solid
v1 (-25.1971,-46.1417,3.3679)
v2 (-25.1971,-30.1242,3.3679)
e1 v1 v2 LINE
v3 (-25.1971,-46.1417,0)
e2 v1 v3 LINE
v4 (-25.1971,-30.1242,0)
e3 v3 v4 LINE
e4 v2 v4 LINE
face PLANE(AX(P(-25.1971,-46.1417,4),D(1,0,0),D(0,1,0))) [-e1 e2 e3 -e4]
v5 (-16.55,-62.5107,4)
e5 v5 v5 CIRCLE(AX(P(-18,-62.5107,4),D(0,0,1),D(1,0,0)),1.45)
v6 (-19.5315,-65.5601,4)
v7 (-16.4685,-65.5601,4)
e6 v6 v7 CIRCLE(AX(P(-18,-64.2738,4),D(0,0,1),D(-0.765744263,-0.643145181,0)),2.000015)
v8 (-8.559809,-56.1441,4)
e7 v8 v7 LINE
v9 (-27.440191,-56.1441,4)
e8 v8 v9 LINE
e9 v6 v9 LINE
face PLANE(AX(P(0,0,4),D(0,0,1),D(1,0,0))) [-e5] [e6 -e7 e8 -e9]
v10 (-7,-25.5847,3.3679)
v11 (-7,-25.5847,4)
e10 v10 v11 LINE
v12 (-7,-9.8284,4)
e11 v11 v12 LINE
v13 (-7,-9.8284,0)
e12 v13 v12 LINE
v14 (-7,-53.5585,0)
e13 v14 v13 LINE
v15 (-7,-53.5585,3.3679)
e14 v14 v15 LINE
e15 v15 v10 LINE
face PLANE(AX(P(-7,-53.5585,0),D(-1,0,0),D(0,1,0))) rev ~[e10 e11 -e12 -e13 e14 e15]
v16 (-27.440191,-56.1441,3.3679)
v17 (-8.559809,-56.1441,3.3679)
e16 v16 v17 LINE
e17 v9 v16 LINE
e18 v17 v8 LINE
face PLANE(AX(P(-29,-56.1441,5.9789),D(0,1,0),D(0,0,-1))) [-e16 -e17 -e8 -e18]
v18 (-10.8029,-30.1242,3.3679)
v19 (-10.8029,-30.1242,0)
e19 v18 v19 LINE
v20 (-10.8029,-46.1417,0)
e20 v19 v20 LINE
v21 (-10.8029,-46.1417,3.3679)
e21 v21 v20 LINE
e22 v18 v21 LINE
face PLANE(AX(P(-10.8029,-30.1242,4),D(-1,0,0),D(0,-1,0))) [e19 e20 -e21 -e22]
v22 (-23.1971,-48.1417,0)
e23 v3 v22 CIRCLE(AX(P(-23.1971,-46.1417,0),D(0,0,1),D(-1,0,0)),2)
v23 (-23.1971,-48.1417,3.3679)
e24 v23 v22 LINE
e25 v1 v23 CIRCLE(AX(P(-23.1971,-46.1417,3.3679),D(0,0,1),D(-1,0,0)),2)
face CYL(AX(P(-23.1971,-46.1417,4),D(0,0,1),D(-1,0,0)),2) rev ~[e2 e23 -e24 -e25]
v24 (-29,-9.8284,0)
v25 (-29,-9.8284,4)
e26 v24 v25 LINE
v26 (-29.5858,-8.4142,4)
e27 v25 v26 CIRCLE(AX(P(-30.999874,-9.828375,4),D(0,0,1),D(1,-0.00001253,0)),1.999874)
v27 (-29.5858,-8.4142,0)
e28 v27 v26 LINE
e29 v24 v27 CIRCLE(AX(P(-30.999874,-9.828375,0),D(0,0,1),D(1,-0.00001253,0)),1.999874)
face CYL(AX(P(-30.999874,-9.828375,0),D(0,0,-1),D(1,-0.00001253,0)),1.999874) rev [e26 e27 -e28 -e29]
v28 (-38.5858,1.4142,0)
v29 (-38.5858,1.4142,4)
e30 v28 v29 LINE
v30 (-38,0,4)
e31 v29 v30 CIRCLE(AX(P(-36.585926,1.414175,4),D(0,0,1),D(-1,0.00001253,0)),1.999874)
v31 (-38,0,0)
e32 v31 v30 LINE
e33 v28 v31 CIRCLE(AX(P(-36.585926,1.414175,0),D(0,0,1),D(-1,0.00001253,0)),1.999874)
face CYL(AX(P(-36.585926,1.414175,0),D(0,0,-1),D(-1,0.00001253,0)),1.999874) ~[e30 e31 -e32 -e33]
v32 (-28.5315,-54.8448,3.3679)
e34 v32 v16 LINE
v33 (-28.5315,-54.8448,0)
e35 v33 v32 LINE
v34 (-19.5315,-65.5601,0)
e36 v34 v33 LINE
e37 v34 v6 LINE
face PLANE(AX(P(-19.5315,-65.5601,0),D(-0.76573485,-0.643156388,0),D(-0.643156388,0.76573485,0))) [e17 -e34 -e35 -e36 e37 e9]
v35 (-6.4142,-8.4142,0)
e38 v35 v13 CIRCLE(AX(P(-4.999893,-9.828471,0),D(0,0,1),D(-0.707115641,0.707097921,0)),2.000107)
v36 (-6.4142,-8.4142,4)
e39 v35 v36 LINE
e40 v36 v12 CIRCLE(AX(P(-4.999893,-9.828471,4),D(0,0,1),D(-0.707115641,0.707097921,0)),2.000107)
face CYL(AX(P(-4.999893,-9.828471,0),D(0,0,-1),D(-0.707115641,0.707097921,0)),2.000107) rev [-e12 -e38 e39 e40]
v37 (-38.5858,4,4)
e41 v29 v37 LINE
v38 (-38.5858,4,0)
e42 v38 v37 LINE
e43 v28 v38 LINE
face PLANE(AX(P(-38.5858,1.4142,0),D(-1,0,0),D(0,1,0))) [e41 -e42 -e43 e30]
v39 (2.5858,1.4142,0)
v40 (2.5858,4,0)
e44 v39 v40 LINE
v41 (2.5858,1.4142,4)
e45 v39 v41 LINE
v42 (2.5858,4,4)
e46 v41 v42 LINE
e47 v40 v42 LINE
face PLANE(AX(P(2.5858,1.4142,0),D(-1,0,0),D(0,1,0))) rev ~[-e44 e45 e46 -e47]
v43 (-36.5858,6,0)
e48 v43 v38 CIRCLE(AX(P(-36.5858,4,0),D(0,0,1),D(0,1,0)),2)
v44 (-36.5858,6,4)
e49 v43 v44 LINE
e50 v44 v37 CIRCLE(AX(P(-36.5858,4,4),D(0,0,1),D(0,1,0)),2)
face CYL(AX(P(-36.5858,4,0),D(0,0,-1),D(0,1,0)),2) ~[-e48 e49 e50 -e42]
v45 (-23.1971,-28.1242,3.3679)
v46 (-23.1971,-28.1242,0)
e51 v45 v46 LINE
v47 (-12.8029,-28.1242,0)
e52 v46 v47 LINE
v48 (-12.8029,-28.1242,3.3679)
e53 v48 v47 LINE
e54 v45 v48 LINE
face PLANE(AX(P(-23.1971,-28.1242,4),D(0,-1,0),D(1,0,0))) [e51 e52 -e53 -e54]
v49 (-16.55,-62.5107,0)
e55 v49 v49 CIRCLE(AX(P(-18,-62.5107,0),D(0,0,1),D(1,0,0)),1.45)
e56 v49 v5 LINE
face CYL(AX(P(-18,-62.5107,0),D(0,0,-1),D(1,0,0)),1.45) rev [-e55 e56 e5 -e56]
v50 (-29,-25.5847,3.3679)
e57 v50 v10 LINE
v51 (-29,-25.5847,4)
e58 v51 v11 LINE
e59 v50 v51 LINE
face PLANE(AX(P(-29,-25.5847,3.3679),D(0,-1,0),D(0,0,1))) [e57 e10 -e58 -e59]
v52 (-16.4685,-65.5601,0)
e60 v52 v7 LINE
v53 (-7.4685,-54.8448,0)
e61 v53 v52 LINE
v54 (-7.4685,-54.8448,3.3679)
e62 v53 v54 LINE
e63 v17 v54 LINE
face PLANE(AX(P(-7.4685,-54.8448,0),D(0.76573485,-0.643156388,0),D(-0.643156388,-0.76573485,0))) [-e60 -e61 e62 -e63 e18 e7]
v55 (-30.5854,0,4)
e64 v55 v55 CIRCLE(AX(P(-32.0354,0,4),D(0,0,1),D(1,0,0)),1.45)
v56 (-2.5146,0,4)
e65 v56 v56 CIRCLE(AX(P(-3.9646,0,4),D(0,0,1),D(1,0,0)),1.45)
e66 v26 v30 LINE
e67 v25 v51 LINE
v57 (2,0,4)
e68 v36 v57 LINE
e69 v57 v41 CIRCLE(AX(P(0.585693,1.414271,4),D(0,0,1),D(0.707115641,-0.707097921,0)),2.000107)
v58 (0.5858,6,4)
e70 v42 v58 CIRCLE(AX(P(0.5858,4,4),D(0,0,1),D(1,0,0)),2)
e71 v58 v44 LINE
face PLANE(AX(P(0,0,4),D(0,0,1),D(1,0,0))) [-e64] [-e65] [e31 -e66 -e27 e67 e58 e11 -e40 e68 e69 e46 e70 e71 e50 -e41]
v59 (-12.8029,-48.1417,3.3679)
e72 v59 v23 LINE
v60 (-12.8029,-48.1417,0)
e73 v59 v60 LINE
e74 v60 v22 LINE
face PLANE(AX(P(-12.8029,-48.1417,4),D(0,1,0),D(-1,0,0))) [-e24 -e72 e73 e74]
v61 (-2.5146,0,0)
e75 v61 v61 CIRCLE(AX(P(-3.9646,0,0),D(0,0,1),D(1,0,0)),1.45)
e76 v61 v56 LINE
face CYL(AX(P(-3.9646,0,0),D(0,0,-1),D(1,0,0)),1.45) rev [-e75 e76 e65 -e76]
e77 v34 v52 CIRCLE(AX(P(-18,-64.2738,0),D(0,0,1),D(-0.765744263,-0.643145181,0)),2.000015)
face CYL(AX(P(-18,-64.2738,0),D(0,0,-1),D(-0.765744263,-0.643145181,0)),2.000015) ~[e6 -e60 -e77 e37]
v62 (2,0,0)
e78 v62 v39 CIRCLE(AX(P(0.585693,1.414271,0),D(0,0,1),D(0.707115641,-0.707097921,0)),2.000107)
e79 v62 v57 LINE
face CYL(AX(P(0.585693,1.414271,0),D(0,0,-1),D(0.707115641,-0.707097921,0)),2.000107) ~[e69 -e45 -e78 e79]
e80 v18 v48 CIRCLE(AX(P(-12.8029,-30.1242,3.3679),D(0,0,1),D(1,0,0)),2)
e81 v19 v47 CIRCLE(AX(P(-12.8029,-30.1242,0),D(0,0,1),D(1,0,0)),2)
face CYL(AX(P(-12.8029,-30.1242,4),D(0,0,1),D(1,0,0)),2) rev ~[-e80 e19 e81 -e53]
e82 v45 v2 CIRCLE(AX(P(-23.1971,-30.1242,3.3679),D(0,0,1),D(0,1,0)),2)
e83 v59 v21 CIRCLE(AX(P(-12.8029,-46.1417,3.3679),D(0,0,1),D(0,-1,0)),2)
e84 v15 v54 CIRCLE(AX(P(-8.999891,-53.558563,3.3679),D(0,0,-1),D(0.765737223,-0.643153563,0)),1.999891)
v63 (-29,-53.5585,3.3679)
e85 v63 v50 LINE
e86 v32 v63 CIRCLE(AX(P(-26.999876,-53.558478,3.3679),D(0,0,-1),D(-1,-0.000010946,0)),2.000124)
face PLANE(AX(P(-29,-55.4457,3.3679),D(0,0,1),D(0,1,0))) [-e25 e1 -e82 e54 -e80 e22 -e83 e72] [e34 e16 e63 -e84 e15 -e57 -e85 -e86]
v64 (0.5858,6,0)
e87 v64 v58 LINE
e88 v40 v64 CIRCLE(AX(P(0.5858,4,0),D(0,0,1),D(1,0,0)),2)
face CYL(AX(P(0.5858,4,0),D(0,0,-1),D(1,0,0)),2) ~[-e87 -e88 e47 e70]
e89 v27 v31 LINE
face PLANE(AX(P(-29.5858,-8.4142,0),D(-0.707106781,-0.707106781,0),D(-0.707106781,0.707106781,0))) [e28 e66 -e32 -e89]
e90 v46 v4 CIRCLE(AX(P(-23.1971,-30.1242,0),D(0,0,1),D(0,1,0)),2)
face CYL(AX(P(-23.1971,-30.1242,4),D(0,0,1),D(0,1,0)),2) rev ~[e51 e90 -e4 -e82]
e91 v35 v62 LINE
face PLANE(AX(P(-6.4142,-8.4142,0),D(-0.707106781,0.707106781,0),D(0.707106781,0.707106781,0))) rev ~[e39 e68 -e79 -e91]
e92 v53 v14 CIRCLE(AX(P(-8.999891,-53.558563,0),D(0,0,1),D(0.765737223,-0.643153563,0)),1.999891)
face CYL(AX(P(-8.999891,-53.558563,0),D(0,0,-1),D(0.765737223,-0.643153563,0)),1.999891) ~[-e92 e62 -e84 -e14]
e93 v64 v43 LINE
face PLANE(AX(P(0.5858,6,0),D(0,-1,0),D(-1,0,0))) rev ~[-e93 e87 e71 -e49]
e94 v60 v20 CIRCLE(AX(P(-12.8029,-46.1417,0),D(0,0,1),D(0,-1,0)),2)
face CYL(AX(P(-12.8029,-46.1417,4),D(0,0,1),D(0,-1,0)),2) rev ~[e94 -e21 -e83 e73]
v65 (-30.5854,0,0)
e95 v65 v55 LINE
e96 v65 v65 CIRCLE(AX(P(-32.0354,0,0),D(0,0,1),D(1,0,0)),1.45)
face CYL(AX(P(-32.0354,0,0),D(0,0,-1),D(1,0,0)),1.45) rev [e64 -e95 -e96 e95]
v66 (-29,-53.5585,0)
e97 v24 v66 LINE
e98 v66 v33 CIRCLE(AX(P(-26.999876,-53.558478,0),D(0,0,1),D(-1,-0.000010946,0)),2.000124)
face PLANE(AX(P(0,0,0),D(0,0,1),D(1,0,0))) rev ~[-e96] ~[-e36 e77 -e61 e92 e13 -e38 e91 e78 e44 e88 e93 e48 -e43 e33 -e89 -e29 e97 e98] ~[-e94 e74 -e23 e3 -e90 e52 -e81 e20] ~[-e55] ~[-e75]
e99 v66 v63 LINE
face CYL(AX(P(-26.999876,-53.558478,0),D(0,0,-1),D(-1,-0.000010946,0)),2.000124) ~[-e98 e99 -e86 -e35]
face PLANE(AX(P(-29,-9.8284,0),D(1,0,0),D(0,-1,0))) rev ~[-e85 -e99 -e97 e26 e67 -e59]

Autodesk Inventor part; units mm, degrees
ref_plane "YZ Plane" through (0, 0, 0) normal (1, 0, 0) x (0, 1, 0)
ref_plane "XZ Plane" through (0, 0, 0) normal (0, 1, 0) x (-1, 0, 0)
ref_plane "XY Plane" through (0, 0, 0) normal (0, 0, 1) x (1, 0, 0)
ref_plane "Work Plane1" through (0, 0, 0) normal (0, 0, 1) x (1, 0, 0)
sketch "Sketch1" plane through (0, 0, 0) normal (0, 0, 1) x (1, 0, 0)
  circle A0 centre (-18, 0) radius 2.45 construction
  circle A1 centre (-32.0354, 0) radius 2.45 construction
  circle A2 centre (-48, 0) radius 3.05 construction
  line L0 (18, 6) -> (-54, 6) construction
  line L1 (-54, -6) -> (-54, 6) construction
  line L2 (-54, -6) -> (18, -6) construction
  line L3 (18, -6) -> (18, 6) construction
  circle A3 centre (12, 0) radius 3.05 construction
  circle A4 centre (-3.9646, 0) radius 2.45 construction
  circle A5 centre (-18, -62.5107) radius 2.45 construction
  circle A6 centre (-3.9646, -62.1646) radius 2.45 construction
  circle A7 centre (12, -70) radius 3.05 construction
  line L4 (-32.0354, -67.7344) -> (-3.9646, -67.7344) construction
  line L5 (-3.9646, -67.7344) -> (14.2856, -76.6915) construction
  line L6 (14.2856, -76.6915) -> (18.6915, -67.7144) construction
  line L7 (18.6915, -67.7144) -> (-2.5545, -57.2869) construction
  line L8 (-33.4455, -57.2869) -> (-2.5545, -57.2869) construction
  line L9 (-54.6915, -67.7144) -> (-33.4455, -57.2869) construction
  line L10 (-50.2856, -76.6915) -> (-54.6915, -67.7144) construction
  line L11 (-32.0354, -67.7344) -> (-50.2856, -76.6915) construction
  circle A8 centre (-48, -70) radius 3.05 construction
  circle A9 centre (-32.0354, -62.1646) radius 2.45 construction
  line L12 (-30, -24.7225) -> (-6, -24.7225) construction
  line L13 (-6, -24.7225) -> (-6, -18.4525) construction
  line L14 (-6, -18.4525) -> (-30, -18.4525) construction
  line L15 (-30, -18.4525) -> (-30, -24.7225) construction
  line L16 (-6, -33.7225) -> (-11.7463, -33.7225) construction
  line L17 (-6, -33.34) -> (-6, -33.7225) construction
  line L18 (-6, -33.34) -> (-11.7042, -33.34) construction
  line L19 (-6, -32.95) -> (-6, -33.34) construction
  line L20 (-6, -32.95) -> (-11.6853, -32.95) construction
  line L21 (-6, -32.56) -> (-6, -32.95) construction
  line L22 (-6, -32.56) -> (-11.6906, -32.56) construction
  line L23 (-6, -32.17) -> (-6, -32.56) construction
  line L24 (-6, -32.17) -> (-11.72, -32.17) construction
  line L25 (-6, -31.78) -> (-6, -32.17) construction
  line L26 (-6, -31.78) -> (-11.7739, -31.78) construction
  line L27 (-6, -31.39) -> (-6, -31.78) construction
  line L28 (-6, -31.39) -> (-11.8531, -31.39) construction
  line L29 (-6, -31) -> (-6, -31.39) construction
  line L30 (-6, -31) -> (-11.9583, -31) construction
  line L31 (-6, -30.61) -> (-6, -31) construction
  line L32 (-6, -30.61) -> (-12.0912, -30.61) construction
  line L33 (-6, -30.22) -> (-6, -30.61) construction
  line L34 (-6, -30.22) -> (-12.2534, -30.22) construction
  line L35 (-6, -29.83) -> (-6, -30.22) construction
  line L36 (-6, -29.83) -> (-12.4478, -29.83) construction
  line L37 (-6, -29.44) -> (-6, -29.83) construction
  line L38 (-6, -29.44) -> (-12.6777, -29.44) construction
  line L39 (-6, -29.05) -> (-6, -29.44) construction
  line L40 (-6, -29.05) -> (-12.948, -29.05) construction
  line L41 (-6, -28.66) -> (-6, -29.05) construction
  line L42 (-6, -28.66) -> (-13.2656, -28.66) construction
  line L43 (-6, -24.7225) -> (-6, -28.66) construction
  line L44 (-30, -24.7225) -> (-6, -24.7225) construction
  line L45 (-30, -28.66) -> (-30, -24.7225) construction
  line L46 (-22.7344, -28.66) -> (-30, -28.66) construction
  line L47 (-30, -29.05) -> (-30, -28.66) construction
  line L48 (-23.052, -29.05) -> (-30, -29.05) construction
  line L49 (-30, -29.44) -> (-30, -29.05) construction
  line L50 (-23.3223, -29.44) -> (-30, -29.44) construction
  line L51 (-30, -29.83) -> (-30, -29.44) construction
  line L52 (-23.5522, -29.83) -> (-30, -29.83) construction
  line L53 (-30, -30.22) -> (-30, -29.83) construction
  line L54 (-23.7466, -30.22) -> (-30, -30.22) construction
  line L55 (-30, -30.61) -> (-30, -30.22) construction
  line L56 (-23.9088, -30.61) -> (-30, -30.61) construction
  line L57 (-30, -31) -> (-30, -30.61) construction
  line L58 (-24.0417, -31) -> (-30, -31) construction
  line L59 (-30, -31.39) -> (-30, -31) construction
  line L60 (-24.1469, -31.39) -> (-30, -31.39) construction
  line L61 (-30, -31.78) -> (-30, -31.39) construction
  line L62 (-24.2261, -31.78) -> (-30, -31.78) construction
  line L63 (-30, -32.17) -> (-30, -31.78) construction
  line L64 (-24.28, -32.17) -> (-30, -32.17) construction
  line L65 (-30, -32.56) -> (-30, -32.17) construction
  line L66 (-24.3094, -32.56) -> (-30, -32.56) construction
  line L67 (-30, -32.95) -> (-30, -32.56) construction
  line L68 (-24.3147, -32.95) -> (-30, -32.95) construction
  line L69 (-30, -33.34) -> (-30, -32.95) construction
  line L70 (-24.2958, -33.34) -> (-30, -33.34) construction
  line L71 (-30, -33.7225) -> (-30, -33.34) construction
  line L72 (-24.2537, -33.7225) -> (-30, -33.7225) construction
  line L73 (-7.4129, -57.0165) -> (-7.4129, -24.5897) construction
  line L74 (-21.9151, -37.7958) -> (-30, -37.7958) construction
  line L75 (-30, -37.7958) -> (-30, -44.4525) construction
  line L76 (-30, -44.4525) -> (-6, -44.4525) construction
  line L77 (-6, -44.4525) -> (-6, -37.7958) construction
  line L78 (-6, -37.7958) -> (-14.0849, -37.7958) construction
  line L79 (-29, -9.8284) -> (-29, -53.5585)
  line L80 (-7, -53.5585) -> (-7, -9.8284)
  line L81 (-7.4685, -54.8448) -> (-16.4685, -65.5601)
  line L82 (-19.5315, -65.5601) -> (-28.5315, -54.8448)
  line L83 (-6.4142, -8.4142) -> (2, 0)
  line L84 (-7, -9) -> (4.8995, -9) construction
  line L85 (2.5858, 1.4142) -> (2.5858, 4)
  line L86 (-29.5858, -8.4142) -> (-38, 0)
  line L87 (-29, -9) -> (-17.1005, -9) construction
  line L88 (-38.5858, 1.4142) -> (-38.5858, 4)
  line L89 (0.5858, 6) -> (-36.5858, 6)
  circle A10 centre (-3.9646, 0) radius 1.45
  circle A11 centre (-32.0354, 0) radius 1.45
  circle A12 centre (-18, -62.5107) radius 1.45
  arc A13 (-19.5315, -65.5601) -> (-16.4685, -65.5601) centre (-18, -64.2738) ccw
  arc A14 (-7.4685, -54.8448) -> (-7, -53.5585) centre (-9, -53.5585) ccw
  arc A15 (-29, -53.5585) -> (-28.5315, -54.8448) centre (-27, -53.5585) ccw
  arc A16 (-6.4142, -8.4142) -> (-7, -9.8284) centre (-5, -9.8284) ccw
  arc A17 (-29, -9.8284) -> (-29.5858, -8.4142) centre (-31, -9.8284) ccw
  arc A18 (-36.5858, 6) -> (-38.5858, 4) centre (-36.5858, 4) ccw
  arc A19 (2.5858, 4) -> (0.5858, 6) centre (0.5858, 4) ccw
  arc A20 (2, 0) -> (2.5858, 1.4142) centre (0.5858, 1.4142) ccw
  arc A21 (-38.5858, 1.4142) -> (-38, 0) centre (-36.5858, 1.4142) ccw
  arc A22 (-21.9151, -37.7958) -> (-14.0849, -37.7958) centre (-18, -32.8401) ccw projected
  arc A23 (-24.2537, -33.7225) -> (-11.7463, -33.7225) centre (-18, -32.8401) ccw projected
  point P0 (0, 0)
  point P1 (2.5858, 6)
  point P2 (-38.5858, 6)
  dimension "d0" = 1
  dimension "d1" = 1
  dimension "d4" = 45
  dimension "d5" = 135
  dimension "d6" = 2.9
  dimension "d7" = 2.9
  dimension "d8" = 2.9
  dimension "d9" = 2
extrude "Extrusion1" add sketch "Sketch1" along normal blind 4
sketch "Sketch2" plane through (-29, -53.5585, 0) normal (-1, 0, 0) x (0, 0, 1)
  line L0 (-1.5567, 7.7184) -> (-1.5567, 33.7184) projected
  line L1 (4.4433, 27.7184) -> (4.4433, 13.7184) projected
  line L2 (-41.5567, 33.7184) -> (-41.5567, 7.7184) projected
  line L3 (10.4433, 9.1059) -> (10.4433, 35.1059) projected
  line L4 (10.6133, 9.1059) -> (10.6133, 15.7626) projected
  line L5 (4.3679, 25.1128) -> (4.3679, 21.8128) projected
  line L6 (4.3679, 15.0628) -> (4.3679, -1.8872) projected
  line L7 (3.3679, 25.1128) -> (4.3679, 25.1128) projected
  line L8 (3.3679, -1.8872) -> (4.3679, -1.8872) projected
  line L9 (5.9789, -2.5856) -> (3.3679, -2.5856)
  line L10 (3.3679, -2.5856) -> (3.3679, 27.9738)
  line L11 (3.3679, 27.9738) -> (5.9789, 27.9738)
  line L12 (5.9789, 27.9738) -> (5.9789, -2.5856)
  point P0 (0, 53.5585)
extrude "Extrusion2" cut sketch "Sketch2" against normal through all
sketch "Sketch3" plane through (-29, -44.6525, 4) normal (0, 0, 1) x (1, 0, 0)
  line L0 (0, 19.0679) -> (22, 19.0679) projected
  line L1 (0.4269, -10.7931) -> (24.1869, -10.7931) projected
  line L2 (5.8029, 16.5283) -> (16.1971, 16.5283)
  line L3 (18.1971, 14.5283) -> (18.1971, -1.4892)
  line L4 (16.1971, -3.4892) -> (5.8029, -3.4892)
  line L5 (3.8029, -1.4892) -> (3.8029, 14.5283)
  line L6 (3.8029, 16.5283) -> (18.1971, -3.4892) construction
  line L7 (18.1971, 16.5283) -> (3.8029, -3.4892) construction
  arc A0 (5.8029, 16.5283) -> (3.8029, 14.5283) centre (5.8029, 14.5283) ccw
  arc A1 (18.1971, 14.5283) -> (16.1971, 16.5283) centre (16.1971, 14.5283) ccw
  arc A2 (16.1971, -3.4892) -> (18.1971, -1.4892) centre (16.1971, -1.4892) ccw
  arc A3 (3.8029, -1.4892) -> (5.8029, -3.4892) centre (5.8029, -1.4892) ccw
  point P0 (11, 6.5196)
  dimension "d30" = 2
extrude "Extrusion3" cut sketch "Sketch3" against normal through all
chamfer "Chamfer1" [suppressed]
ref_plane "Work Plane2" through (-36.5858, -16, 0) normal (0, 1, 0) x (1, 0, 0)
properties part number "cellSTORM_inverted_chiptray_v0"
